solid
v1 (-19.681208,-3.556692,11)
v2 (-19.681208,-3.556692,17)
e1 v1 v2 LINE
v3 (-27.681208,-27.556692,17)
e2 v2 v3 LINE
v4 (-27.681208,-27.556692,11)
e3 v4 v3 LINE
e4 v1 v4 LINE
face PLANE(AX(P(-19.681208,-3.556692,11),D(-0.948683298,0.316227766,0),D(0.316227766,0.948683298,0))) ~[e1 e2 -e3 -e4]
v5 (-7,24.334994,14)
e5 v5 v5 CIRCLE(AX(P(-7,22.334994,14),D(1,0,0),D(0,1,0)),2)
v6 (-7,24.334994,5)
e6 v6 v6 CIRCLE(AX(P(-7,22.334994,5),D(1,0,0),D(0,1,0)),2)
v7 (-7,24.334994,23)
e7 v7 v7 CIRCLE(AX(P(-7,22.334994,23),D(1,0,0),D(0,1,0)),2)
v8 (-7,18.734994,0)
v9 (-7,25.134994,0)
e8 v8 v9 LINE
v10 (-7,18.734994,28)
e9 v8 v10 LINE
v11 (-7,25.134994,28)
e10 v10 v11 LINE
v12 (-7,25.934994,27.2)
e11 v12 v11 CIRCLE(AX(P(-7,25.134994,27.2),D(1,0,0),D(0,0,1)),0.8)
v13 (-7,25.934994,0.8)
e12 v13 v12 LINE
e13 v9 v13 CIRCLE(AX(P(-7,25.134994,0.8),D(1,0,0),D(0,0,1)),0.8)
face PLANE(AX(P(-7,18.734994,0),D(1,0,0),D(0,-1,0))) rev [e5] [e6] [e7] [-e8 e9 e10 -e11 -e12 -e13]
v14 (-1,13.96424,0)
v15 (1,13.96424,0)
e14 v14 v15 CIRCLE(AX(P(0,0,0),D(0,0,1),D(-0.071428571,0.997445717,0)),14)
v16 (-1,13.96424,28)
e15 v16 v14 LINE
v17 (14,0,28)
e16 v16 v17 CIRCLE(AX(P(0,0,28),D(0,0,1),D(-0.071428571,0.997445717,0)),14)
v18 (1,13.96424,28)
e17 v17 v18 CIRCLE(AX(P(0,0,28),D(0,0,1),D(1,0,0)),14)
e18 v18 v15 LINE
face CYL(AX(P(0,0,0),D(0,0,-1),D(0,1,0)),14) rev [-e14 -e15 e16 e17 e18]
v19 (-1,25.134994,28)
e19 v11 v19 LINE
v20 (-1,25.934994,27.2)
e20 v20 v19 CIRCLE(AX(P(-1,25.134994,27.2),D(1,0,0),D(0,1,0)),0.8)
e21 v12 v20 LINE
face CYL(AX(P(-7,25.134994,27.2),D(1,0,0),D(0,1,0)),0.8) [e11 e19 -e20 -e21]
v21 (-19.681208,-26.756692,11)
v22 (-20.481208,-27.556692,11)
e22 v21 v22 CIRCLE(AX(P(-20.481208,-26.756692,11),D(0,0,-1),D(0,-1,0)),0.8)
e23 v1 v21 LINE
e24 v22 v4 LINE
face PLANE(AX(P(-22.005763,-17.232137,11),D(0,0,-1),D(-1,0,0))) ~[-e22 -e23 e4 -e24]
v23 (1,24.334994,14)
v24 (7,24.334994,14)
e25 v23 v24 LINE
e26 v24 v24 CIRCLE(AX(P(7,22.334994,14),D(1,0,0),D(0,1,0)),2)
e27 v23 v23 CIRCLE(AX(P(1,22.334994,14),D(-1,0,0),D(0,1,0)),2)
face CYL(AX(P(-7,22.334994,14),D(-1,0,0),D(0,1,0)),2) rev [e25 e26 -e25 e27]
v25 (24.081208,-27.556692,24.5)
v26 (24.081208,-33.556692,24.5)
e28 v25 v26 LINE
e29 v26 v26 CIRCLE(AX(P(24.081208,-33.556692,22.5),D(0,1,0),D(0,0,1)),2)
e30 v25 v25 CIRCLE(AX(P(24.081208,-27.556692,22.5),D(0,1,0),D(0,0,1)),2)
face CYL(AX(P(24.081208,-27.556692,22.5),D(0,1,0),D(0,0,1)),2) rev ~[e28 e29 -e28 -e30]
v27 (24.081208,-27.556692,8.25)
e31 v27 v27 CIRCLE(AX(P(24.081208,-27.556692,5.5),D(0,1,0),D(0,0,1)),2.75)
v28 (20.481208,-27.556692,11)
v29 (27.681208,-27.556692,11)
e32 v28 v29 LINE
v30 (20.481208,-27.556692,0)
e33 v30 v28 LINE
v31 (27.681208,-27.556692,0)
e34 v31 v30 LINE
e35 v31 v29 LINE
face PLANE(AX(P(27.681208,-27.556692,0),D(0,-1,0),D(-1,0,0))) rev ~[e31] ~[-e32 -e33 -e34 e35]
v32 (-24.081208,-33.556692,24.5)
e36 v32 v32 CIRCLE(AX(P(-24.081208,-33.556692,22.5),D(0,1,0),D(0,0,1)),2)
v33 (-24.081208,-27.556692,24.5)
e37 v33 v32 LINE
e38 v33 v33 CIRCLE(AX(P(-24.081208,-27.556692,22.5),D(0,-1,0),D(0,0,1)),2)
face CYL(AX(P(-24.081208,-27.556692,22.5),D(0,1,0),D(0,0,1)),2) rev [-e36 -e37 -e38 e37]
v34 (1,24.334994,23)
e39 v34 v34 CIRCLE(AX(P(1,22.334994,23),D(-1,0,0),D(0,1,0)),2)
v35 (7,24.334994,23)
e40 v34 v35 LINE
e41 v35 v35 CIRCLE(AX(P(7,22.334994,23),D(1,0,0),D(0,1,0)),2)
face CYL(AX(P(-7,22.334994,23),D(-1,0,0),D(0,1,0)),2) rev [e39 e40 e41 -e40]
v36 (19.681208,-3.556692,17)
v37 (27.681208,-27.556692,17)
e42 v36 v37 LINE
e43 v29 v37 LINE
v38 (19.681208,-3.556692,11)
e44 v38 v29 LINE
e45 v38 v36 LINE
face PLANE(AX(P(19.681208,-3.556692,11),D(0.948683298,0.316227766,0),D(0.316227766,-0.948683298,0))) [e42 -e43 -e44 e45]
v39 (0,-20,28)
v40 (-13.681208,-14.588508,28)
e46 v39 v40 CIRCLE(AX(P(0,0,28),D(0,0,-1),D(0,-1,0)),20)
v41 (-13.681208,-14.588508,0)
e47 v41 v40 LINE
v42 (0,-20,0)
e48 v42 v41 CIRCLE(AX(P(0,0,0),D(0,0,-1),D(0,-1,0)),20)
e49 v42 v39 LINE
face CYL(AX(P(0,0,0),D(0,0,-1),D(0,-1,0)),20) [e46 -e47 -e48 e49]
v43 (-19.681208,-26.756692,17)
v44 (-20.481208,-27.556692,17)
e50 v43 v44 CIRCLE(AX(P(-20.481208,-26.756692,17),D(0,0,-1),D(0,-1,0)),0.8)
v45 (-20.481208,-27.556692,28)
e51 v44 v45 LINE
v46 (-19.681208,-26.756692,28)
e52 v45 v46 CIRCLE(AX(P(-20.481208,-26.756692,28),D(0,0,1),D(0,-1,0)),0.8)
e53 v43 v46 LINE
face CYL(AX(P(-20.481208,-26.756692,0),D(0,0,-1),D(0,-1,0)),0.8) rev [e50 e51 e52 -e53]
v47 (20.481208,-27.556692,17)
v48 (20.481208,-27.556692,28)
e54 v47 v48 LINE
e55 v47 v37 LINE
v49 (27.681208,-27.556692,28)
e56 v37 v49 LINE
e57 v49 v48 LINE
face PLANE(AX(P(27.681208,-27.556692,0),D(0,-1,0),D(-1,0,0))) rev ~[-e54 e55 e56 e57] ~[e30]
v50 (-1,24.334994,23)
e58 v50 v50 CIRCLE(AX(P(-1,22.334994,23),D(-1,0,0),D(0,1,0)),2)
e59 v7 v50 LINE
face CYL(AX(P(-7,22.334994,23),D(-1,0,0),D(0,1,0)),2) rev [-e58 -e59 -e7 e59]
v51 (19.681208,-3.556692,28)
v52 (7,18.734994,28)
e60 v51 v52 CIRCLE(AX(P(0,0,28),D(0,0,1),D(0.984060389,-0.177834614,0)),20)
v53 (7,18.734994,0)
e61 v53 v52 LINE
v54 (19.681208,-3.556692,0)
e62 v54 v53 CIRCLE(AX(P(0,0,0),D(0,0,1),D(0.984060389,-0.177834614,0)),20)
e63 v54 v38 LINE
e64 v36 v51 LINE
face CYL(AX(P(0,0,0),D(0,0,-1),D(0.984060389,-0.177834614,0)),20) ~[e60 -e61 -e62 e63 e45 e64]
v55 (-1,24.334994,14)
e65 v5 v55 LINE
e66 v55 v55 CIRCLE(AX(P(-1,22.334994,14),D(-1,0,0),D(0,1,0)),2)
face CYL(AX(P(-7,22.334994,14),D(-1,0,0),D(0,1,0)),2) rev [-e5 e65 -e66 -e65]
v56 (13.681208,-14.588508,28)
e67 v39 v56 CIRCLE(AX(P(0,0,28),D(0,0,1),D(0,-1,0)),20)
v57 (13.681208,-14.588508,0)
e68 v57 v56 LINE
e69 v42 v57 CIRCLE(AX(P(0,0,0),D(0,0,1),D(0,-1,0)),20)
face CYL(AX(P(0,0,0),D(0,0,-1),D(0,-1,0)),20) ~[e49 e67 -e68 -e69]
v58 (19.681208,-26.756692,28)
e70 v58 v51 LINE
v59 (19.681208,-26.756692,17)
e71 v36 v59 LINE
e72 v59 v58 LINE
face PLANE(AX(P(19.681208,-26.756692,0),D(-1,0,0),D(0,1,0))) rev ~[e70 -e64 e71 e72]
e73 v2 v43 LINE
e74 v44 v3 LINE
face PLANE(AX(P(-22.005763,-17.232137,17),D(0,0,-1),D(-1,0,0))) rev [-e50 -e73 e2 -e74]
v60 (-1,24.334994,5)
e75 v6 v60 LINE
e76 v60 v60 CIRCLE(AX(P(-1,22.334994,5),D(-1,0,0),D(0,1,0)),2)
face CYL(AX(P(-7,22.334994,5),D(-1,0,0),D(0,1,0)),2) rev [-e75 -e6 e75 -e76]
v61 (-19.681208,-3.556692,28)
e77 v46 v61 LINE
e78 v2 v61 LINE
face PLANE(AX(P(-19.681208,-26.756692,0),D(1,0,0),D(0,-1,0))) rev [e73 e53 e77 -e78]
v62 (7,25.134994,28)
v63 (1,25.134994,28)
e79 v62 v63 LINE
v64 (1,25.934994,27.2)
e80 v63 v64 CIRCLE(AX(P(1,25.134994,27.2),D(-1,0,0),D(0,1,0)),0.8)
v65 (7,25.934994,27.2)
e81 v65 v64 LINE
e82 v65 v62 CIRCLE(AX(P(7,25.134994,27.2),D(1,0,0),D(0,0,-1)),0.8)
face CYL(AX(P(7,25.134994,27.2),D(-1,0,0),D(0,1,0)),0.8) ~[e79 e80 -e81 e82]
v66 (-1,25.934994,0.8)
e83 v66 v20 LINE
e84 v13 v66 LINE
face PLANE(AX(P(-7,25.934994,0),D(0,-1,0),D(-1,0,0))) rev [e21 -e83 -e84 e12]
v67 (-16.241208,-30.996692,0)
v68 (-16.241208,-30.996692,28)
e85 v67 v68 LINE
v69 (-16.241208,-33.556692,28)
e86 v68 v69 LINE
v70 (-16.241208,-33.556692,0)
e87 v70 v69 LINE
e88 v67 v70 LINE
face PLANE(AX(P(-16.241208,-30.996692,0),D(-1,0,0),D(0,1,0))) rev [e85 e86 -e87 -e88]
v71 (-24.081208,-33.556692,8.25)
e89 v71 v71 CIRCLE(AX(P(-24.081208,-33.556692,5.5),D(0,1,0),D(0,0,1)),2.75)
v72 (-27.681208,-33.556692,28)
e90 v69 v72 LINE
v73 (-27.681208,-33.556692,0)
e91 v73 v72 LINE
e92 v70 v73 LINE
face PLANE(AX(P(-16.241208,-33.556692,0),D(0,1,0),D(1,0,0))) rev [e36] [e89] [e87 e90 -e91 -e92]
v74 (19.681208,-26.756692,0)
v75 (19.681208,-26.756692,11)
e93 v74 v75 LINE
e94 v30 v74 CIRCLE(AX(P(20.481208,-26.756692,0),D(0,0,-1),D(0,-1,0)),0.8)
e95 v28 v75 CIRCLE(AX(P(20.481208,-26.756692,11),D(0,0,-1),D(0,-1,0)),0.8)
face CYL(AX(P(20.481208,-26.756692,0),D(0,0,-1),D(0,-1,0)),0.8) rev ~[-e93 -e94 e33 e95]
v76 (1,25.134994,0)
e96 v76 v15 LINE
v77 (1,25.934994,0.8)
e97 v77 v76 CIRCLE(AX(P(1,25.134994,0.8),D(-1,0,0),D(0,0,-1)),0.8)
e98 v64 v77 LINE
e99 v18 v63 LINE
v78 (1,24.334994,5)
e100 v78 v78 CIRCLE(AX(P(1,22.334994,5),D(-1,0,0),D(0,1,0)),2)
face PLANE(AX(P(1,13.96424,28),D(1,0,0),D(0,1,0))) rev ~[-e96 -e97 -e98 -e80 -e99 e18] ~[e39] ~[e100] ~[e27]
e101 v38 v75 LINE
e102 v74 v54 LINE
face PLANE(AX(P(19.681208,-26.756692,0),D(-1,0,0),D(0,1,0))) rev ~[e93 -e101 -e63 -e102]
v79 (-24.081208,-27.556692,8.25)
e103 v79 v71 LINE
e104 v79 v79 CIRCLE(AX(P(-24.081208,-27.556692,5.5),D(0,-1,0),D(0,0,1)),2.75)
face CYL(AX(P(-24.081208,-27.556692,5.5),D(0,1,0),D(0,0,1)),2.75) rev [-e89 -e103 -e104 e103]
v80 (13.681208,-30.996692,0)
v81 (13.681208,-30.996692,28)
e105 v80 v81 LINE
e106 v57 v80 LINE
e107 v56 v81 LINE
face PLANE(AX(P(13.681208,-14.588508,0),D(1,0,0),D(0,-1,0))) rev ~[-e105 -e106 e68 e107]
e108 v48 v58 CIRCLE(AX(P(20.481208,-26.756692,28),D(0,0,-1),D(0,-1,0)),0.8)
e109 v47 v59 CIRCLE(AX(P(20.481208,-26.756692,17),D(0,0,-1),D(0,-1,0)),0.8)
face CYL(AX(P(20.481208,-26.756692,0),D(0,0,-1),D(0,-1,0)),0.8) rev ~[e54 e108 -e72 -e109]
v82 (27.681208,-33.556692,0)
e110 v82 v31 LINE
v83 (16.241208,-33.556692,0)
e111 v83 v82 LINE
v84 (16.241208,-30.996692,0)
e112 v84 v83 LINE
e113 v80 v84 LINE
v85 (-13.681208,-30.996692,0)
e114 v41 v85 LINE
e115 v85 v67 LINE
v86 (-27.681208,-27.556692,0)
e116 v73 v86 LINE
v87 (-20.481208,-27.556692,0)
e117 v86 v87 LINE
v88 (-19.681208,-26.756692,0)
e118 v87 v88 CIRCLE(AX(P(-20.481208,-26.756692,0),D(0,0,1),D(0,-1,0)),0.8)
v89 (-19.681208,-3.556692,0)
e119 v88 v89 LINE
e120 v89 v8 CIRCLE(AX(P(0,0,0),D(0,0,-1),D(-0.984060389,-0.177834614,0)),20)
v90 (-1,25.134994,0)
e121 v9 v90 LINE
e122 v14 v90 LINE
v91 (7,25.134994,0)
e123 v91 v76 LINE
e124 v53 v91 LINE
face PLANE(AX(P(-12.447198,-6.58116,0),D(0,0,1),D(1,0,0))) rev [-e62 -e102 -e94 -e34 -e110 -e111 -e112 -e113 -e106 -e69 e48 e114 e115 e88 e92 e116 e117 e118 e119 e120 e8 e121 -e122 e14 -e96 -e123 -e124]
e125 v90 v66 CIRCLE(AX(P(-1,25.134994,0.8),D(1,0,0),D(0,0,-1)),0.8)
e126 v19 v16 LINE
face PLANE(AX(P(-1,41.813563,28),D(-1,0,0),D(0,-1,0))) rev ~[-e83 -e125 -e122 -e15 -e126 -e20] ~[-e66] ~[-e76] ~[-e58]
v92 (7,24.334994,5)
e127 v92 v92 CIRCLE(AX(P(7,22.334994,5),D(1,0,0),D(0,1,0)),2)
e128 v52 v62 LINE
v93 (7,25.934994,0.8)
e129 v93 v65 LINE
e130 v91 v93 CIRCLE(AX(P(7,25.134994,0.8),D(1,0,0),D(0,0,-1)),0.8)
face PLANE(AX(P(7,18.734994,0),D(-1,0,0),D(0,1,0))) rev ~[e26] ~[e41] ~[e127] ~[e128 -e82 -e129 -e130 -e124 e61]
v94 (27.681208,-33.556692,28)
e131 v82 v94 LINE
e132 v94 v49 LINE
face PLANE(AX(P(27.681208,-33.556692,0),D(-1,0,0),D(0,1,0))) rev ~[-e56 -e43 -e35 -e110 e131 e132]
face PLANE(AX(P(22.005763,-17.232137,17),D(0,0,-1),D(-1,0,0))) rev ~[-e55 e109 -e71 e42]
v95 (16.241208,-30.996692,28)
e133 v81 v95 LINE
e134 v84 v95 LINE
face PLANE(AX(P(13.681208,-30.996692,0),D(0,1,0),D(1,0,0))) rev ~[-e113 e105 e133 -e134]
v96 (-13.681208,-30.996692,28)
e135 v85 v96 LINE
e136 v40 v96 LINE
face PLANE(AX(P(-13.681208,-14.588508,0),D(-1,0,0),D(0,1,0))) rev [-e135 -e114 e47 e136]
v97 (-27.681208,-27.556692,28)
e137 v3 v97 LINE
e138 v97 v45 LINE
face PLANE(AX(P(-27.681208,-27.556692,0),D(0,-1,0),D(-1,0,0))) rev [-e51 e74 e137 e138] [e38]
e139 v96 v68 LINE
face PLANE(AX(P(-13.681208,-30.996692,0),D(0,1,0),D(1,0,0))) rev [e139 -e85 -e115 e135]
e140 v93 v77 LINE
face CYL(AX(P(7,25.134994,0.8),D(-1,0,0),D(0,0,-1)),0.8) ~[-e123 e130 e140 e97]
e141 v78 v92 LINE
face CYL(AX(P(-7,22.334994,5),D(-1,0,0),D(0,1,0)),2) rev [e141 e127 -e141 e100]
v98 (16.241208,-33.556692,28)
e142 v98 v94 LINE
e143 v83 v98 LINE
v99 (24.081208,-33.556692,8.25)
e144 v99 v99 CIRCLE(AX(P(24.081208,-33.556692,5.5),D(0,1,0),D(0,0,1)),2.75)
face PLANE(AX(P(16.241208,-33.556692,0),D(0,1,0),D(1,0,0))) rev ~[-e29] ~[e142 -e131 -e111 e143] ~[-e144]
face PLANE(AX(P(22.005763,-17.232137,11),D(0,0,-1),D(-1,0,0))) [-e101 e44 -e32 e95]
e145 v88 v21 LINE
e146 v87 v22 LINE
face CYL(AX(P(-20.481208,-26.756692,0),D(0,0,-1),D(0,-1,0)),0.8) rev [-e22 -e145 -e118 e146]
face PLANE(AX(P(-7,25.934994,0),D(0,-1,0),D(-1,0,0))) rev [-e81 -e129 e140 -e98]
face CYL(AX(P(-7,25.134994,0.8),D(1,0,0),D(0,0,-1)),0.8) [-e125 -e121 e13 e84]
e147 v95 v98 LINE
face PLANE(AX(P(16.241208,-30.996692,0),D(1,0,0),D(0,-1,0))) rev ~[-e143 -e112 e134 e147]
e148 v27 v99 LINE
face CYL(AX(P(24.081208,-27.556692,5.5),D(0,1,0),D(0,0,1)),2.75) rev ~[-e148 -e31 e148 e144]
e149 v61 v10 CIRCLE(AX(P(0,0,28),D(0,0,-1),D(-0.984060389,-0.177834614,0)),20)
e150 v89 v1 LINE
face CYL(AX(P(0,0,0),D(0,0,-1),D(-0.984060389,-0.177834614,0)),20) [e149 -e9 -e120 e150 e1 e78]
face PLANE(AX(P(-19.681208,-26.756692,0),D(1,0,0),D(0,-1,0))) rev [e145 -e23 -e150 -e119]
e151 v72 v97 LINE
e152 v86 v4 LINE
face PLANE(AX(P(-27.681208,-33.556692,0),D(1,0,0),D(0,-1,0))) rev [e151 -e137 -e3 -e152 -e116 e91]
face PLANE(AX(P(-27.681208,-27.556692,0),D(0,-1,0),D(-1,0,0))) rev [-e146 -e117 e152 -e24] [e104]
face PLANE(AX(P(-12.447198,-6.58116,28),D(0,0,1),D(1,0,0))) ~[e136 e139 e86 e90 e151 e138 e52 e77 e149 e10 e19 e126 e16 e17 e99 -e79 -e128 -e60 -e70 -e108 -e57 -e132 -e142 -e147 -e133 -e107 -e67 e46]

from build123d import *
from build123d.topology import SkipClean

# Parameters (mm, degrees)
BOSS_EXTRUDE1_DEPTH  = 28
BOSS_EXTRUDE2_START  = 11
BOSS_EXTRUDE2_DEPTH  = 6
CUT_EXTRUDE1_REACH   = 50.35
SKETCH3_R            = 2
FILLET1_R            = 0.8
SKETCH4_R            = 2
SKETCH4_R_2          = 2.75
CUT_EXTRUDE2_DEPTH   = 67.419950062
FILLET1_OF_MIRROR1_R = 0.8
CUT_EXTRUDE3_DEPTH   = 52.732976543


with BuildPart() as part:
    # Sketch1 → Boss-Extrude1 (new body)
    with BuildSketch(Plane.XY):
        with BuildLine():
            Line((0, 20), (0, 14))
            ThreePointArc((0, 14), (14, 0), (0, -14))
            Line((0, -14), (0, -20))
            ThreePointArc((0, -20), (7.356284672, -18.5979858), (13.681207787, -14.588507583))
            Line((13.681207787, -14.588507583), (13.681207787, -30.99669229))
            Line((13.681207787, -30.99669229), (16.241207787, -30.99669229))
            Line((16.241207787, -30.99669229), (16.241207787, -33.55669229))
            Line((16.241207787, -33.55669229), (27.681207787, -33.55669229))
            Line((27.681207787, -33.55669229), (27.681207787, -27.55669229))
            Line((27.681207787, -27.55669229), (20.481207787, -27.55669229))
            ThreePointArc((20.481207787, -27.55669229), (19.915522362, -27.322377715), (19.681207787, -26.75669229))
            Line((19.681207787, -26.75669229), (19.681207787, -3.55669229))
            ThreePointArc((19.681207787, -3.55669229), (17.38394465, 9.889310815), (7, 18.734993995))
            Line((7, 18.734993995), (7, 25.934993995))
            Line((7, 25.934993995), (0, 25.934993995))
            Line((0, 25.934993995), (0, 20))
        make_face()
    boss_extrude1 = extrude(amount=BOSS_EXTRUDE1_DEPTH)

    # Sketch2 → Boss-Extrude2 (add)
    with BuildSketch(Plane.XY.offset(BOSS_EXTRUDE2_START)):
        Polygon((19.681207787, -26.75669229), (19.681207787, -3.55669229), (27.681207787, -27.55669229), (20.481207787, -27.55669229), (19.681207787, -27.55669229), align=None)
    boss_extrude2 = extrude(amount=BOSS_EXTRUDE2_DEPTH)

    # Sketch3 → Cut-Extrude1 (cut, up to next)
    with BuildSketch(Plane(origin=(7, 0, 0), x_dir=(0, 0, -1), z_dir=(1, 0, 0)), mode=Mode.PRIVATE) as cut_extrude1_sk1:
        with Locations(Location((-23, 22.334993995, 0), (0, 0, 90))):
            Circle(SKETCH3_R)
    cut_extrude1_tool1 = extrude(cut_extrude1_sk1.sketch, amount=-CUT_EXTRUDE1_REACH, mode=Mode.PRIVATE) & part.part
    # Sketch3 → Cut-Extrude1 (cut, up to next)
    with BuildSketch(Plane(origin=(7, 0, 0), x_dir=(0, 0, -1), z_dir=(1, 0, 0)), mode=Mode.PRIVATE) as cut_extrude1_sk2:
        with Locations(Location((-14, 22.334993995, 0), (0, 0, 90))):
            Circle(SKETCH3_R)
    cut_extrude1_tool2 = extrude(cut_extrude1_sk2.sketch, amount=-CUT_EXTRUDE1_REACH, mode=Mode.PRIVATE) & part.part
    # Sketch3 → Cut-Extrude1 (cut, up to next)
    with BuildSketch(Plane(origin=(7, 0, 0), x_dir=(0, 0, -1), z_dir=(1, 0, 0)), mode=Mode.PRIVATE) as cut_extrude1_sk3:
        with Locations(Location((-5, 22.334993995, 0), (0, 0, 90))):
            Circle(SKETCH3_R)
    cut_extrude1_tool3 = extrude(cut_extrude1_sk3.sketch, amount=-CUT_EXTRUDE1_REACH, mode=Mode.PRIVATE) & part.part
    cut_extrude1_1 = cut_extrude1_tool1.solids().sort_by_distance((7, 22.334994, 23))[0]
    add(cut_extrude1_1, mode=Mode.SUBTRACT)
    cut_extrude1_2 = cut_extrude1_tool2.solids().sort_by_distance((7, 22.334994, 14))[0]
    add(cut_extrude1_2, mode=Mode.SUBTRACT)
    cut_extrude1_3 = cut_extrude1_tool3.solids().sort_by_distance((7, 22.334994, 5))[0]
    add(cut_extrude1_3, mode=Mode.SUBTRACT)
    cut_extrude1 = cut_extrude1_1 + cut_extrude1_2 + cut_extrude1_3  # Cut-Extrude1 as one shape, for the pattern or mirror that repeats it

    # Fillet1
    fillet1_edges = [part.edges().sort_by_distance(p)[0] for p in [
        (3.5, 25.934993995, 0),
        (3.5, 25.934993995, 28),
    ]]
    fillet(fillet1_edges, radius=FILLET1_R)

    # Sketch4 → Cut-Extrude2 (cut, through all)
    with BuildSketch(Plane(origin=(0, -27.55669229, 0), x_dir=(1, 0, 0), z_dir=(0, 1, 0))):
        with Locations(Location((24.081207787, -22.5, 0), (0, 0, 270))):
            Circle(SKETCH4_R)
        with Locations(Location((24.081207787, -5.5, 0), (0, 0, 270))):
            Circle(SKETCH4_R_2)
    cut_extrude2 = extrude(amount=-CUT_EXTRUDE2_DEPTH, mode=Mode.SUBTRACT)

    # Mirror1: Boss-Extrude1, Boss-Extrude2, Cut-Extrude1, Cut-Extrude2 across plane
    with SkipClean():  # the faces are left unmerged after this step: merging them gives an invalid solid
        add(boss_extrude1.mirror(Plane(origin=(0, 0, 0), x_dir=(0, 0, 1), z_dir=(1, 0, 0))))
        add(boss_extrude2.mirror(Plane(origin=(0, 0, 0), x_dir=(0, 0, 1), z_dir=(1, 0, 0))))
        add(cut_extrude1.mirror(Plane(origin=(0, 0, 0), x_dir=(0, 0, 1), z_dir=(1, 0, 0))), mode=Mode.SUBTRACT)
        add(cut_extrude2.mirror(Plane(origin=(0, 0, 0), x_dir=(0, 0, 1), z_dir=(1, 0, 0))), mode=Mode.SUBTRACT)

    # Fillet1 of Mirror1
    fillet1_of_mirror1_edges = [part.edges().sort_by_distance(p)[0] for p in [
        (-3.5, 25.934993995, 0),
        (-3.5, 25.934993995, 28),
    ]]
    fillet(fillet1_of_mirror1_edges, radius=FILLET1_OF_MIRROR1_R)

    # Sketch6 → Cut-Extrude3 (cut, through all)
    with BuildSketch(Plane.XY.offset(28)):
        with BuildLine():
            ThreePointArc((1, 13.964240044), (0, 14), (-1, 13.964240044))
            Line((-1, 13.964240044), (-1, 8.456424639))
            Line((-1, 8.456424639), (1, 8.456424639))
            Line((1, 8.456424639), (1, 13.964240044))
        make_face()
        with BuildLine():
            Line((-1, 8.456424639), (-1, 13.964240044))
            ThreePointArc((-1, 13.964240044), (-9.539392014, -10.246950766), (14, 0))
            ThreePointArc((14, 0), (10.246950766, 9.539392014), (1, 13.964240044))
            Line((1, 13.964240044), (1, 8.456424639))
            Line((1, 8.456424639), (-1, 8.456424639))
        make_face()
        with BuildLine():
            Line((0, 25.134993995), (-1, 25.134993995))
            Line((-1, 25.134993995), (-1, 13.964240044))
            ThreePointArc((-1, 13.964240044), (0, 14), (1, 13.964240044))
            Line((1, 13.964240044), (1, 25.134993995))
            Line((1, 25.134993995), (0, 25.134993995))
        make_face()
        Polygon((1, 41.813563352), (-1, 41.813563352), (-1, 25.134993995), (0, 25.134993995), (1, 25.134993995), align=None)
    extrude(amount=-CUT_EXTRUDE3_DEPTH, mode=Mode.SUBTRACT)


solid = part.part
